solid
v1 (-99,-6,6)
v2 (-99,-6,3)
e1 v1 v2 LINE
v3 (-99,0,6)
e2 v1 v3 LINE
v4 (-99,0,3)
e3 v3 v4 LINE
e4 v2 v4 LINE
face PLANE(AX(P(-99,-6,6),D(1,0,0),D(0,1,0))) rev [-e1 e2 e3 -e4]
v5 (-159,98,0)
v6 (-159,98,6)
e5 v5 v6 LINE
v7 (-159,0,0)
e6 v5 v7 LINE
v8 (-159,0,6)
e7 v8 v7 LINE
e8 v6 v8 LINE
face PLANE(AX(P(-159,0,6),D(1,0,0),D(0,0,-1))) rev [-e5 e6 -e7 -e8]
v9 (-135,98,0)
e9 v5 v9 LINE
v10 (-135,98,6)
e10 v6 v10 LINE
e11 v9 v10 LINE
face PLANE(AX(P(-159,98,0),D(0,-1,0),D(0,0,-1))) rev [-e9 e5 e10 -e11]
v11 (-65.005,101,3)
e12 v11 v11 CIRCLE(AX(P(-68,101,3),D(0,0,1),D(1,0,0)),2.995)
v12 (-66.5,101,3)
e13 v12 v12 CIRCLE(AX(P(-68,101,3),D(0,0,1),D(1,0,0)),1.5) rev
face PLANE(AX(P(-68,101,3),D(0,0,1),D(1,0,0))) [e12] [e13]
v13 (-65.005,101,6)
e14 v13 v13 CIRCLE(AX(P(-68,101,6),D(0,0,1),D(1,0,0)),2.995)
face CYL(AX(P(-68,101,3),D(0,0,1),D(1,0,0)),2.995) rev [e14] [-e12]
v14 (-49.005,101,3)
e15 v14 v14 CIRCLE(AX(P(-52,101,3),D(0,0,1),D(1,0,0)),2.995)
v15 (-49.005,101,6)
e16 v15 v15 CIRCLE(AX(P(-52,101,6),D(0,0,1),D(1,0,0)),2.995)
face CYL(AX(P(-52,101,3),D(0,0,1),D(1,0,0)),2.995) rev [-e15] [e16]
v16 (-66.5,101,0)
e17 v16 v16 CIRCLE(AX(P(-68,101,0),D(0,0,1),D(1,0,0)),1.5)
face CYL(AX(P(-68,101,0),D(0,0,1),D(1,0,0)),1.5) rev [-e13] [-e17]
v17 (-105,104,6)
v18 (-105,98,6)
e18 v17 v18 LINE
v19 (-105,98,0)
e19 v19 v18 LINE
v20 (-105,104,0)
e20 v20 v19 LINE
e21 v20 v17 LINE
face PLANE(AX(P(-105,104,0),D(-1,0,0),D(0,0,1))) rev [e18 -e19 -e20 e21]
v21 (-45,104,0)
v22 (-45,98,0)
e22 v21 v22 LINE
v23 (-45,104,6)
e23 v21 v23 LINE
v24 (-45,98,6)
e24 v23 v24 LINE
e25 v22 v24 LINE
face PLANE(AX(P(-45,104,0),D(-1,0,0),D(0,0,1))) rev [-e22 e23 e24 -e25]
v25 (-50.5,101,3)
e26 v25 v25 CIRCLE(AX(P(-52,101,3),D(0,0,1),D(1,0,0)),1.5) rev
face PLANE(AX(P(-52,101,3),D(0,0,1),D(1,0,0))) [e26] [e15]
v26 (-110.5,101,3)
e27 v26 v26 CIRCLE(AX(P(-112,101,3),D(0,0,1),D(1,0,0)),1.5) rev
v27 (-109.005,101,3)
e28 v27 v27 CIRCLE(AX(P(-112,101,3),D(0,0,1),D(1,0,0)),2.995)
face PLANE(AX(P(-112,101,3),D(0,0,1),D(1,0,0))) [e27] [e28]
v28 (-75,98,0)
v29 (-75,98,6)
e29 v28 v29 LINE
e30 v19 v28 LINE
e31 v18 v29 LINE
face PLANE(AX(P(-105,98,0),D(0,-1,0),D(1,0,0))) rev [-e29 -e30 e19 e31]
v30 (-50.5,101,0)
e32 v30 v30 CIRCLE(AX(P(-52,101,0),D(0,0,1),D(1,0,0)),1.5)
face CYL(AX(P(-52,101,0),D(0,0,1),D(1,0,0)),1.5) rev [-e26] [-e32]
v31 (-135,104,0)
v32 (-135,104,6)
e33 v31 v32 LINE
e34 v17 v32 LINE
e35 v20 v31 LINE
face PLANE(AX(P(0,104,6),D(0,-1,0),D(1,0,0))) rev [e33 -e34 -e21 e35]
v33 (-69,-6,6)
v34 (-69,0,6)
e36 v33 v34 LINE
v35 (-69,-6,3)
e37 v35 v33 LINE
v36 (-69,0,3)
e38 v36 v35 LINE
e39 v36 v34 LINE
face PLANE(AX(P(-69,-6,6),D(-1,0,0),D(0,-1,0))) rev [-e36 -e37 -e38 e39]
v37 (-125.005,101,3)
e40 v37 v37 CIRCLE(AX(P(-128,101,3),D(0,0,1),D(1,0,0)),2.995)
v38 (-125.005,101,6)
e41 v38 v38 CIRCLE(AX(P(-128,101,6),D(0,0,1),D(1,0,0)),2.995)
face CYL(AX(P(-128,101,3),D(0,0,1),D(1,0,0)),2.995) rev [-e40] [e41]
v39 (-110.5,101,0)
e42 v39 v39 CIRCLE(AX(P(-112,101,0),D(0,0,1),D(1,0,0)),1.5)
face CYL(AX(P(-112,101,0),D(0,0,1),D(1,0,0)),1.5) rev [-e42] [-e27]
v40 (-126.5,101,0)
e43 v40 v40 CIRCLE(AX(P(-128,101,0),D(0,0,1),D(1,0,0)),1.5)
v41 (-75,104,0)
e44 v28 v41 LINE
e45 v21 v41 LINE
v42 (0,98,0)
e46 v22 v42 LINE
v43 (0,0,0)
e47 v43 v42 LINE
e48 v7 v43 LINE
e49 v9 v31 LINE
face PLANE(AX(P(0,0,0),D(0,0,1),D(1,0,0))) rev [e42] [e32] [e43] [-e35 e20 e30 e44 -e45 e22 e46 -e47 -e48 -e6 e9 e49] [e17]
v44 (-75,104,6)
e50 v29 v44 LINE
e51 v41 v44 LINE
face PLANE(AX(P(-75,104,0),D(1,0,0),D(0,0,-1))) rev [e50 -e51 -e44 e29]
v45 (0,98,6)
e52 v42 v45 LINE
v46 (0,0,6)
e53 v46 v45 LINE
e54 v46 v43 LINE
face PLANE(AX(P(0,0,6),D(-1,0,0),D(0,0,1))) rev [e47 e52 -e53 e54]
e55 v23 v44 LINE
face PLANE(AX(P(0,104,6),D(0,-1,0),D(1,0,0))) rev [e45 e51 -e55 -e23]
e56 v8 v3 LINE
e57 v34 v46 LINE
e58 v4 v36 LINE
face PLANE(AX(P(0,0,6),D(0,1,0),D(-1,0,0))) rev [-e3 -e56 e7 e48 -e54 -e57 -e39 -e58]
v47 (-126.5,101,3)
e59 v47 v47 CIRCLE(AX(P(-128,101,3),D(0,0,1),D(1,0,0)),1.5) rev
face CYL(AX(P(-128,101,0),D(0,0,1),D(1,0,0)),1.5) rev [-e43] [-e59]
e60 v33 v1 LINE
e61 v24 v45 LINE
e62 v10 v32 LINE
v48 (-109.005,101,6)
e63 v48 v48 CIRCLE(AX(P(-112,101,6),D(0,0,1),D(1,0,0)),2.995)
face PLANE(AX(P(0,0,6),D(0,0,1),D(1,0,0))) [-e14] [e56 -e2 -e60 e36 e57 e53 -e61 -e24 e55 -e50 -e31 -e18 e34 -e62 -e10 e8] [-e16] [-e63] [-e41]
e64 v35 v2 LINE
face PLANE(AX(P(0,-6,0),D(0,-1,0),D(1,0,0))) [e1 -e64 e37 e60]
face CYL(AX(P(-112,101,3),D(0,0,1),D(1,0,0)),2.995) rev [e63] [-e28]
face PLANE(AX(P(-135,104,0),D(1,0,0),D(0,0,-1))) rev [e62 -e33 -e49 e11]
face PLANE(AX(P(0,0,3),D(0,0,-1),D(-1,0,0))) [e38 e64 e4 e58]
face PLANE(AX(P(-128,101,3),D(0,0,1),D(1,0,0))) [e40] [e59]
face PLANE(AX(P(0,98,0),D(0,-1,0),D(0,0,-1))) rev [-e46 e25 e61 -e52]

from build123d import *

# Parameters (mm, degrees)
ESQUISSE1_W             = 159
ESQUISSE1_H             = 104
BOSS_EXTRU_1_DEPTH      = 6
ESQUISSE2_W             = 24
ESQUISSE2_H             = 6
ESQUISSE2_W_2           = 45
ESQUISSE2_W_3           = 30
ENL_V_MAT_EXTRU_1_DEPTH = 191.086822268
ESQUISSE3_R             = 1.5
ENL_V_MAT_EXTRU_2_DEPTH = 191.086822268
ESQUISSE4_R             = 2.995
ENL_V_MAT_EXTRU_3_DEPTH = 3
ESQUISSE5_W             = 30
ESQUISSE5_H             = 6
BOSS_EXTRU_2_DEPTH      = 6
ESQUISSE6_W             = 30
ESQUISSE6_H             = 6
ENL_V_MAT_EXTRU_4_DEPTH = 3


with BuildPart() as part:
    # Esquisse1 → Boss.-Extru.1 (new body)
    with BuildSketch(Plane.XY):
        with Locations((-79.5, 52)):
            Rectangle(ESQUISSE1_W, ESQUISSE1_H)
    extrude(amount=BOSS_EXTRU_1_DEPTH)

    # Esquisse2 → Enlèv. mat.-Extru.1 (cut, through all)
    with BuildSketch(Plane.XY.offset(6)):
        with Locations((-147, 101)):
            Rectangle(ESQUISSE2_W, ESQUISSE2_H)
        with Locations((-22.5, 101)):
            Rectangle(ESQUISSE2_W_2, ESQUISSE2_H)
        with Locations((-90, 101)):
            Rectangle(ESQUISSE2_W_3, ESQUISSE2_H)
    extrude(amount=-ENL_V_MAT_EXTRU_1_DEPTH, mode=Mode.SUBTRACT)

    # Esquisse3 → Enlèv. mat.-Extru.2 (cut, through all)
    with BuildSketch(Plane.XY.offset(6)):
        with Locations((-128, 101)):
            Circle(ESQUISSE3_R)
        with Locations((-112, 101)):
            Circle(ESQUISSE3_R)
        with Locations((-68, 101)):
            Circle(ESQUISSE3_R)
        with Locations((-52, 101)):
            Circle(ESQUISSE3_R)
    extrude(amount=-ENL_V_MAT_EXTRU_2_DEPTH, mode=Mode.SUBTRACT)

    # Esquisse4 → Enlèv. mat.-Extru.3 (cut)
    with BuildSketch(Plane.XY.offset(6)):
        with Locations((-128, 101)):
            Circle(ESQUISSE4_R)
        with Locations((-112, 101)):
            Circle(ESQUISSE4_R)
        with Locations((-68, 101)):
            Circle(ESQUISSE4_R)
        with Locations((-52, 101)):
            Circle(ESQUISSE4_R)
    extrude(amount=-ENL_V_MAT_EXTRU_3_DEPTH, mode=Mode.SUBTRACT)

    # Esquisse5 → Boss.-Extru.2 (add)
    with BuildSketch(Plane.XZ):
        with Locations((-84, 3)):
            Rectangle(ESQUISSE5_W, ESQUISSE5_H)
    extrude(amount=BOSS_EXTRU_2_DEPTH)

    # Esquisse6 → Enlèv. mat.-Extru.4 (cut)
    with BuildSketch(Plane(origin=(0, 0, 0), x_dir=(-1, 0, 0), z_dir=(0, 0, -1))):
        with Locations((84, -3)):
            Rectangle(ESQUISSE6_W, ESQUISSE6_H)
    extrude(amount=-ENL_V_MAT_EXTRU_4_DEPTH, mode=Mode.SUBTRACT)


solid = part.part
